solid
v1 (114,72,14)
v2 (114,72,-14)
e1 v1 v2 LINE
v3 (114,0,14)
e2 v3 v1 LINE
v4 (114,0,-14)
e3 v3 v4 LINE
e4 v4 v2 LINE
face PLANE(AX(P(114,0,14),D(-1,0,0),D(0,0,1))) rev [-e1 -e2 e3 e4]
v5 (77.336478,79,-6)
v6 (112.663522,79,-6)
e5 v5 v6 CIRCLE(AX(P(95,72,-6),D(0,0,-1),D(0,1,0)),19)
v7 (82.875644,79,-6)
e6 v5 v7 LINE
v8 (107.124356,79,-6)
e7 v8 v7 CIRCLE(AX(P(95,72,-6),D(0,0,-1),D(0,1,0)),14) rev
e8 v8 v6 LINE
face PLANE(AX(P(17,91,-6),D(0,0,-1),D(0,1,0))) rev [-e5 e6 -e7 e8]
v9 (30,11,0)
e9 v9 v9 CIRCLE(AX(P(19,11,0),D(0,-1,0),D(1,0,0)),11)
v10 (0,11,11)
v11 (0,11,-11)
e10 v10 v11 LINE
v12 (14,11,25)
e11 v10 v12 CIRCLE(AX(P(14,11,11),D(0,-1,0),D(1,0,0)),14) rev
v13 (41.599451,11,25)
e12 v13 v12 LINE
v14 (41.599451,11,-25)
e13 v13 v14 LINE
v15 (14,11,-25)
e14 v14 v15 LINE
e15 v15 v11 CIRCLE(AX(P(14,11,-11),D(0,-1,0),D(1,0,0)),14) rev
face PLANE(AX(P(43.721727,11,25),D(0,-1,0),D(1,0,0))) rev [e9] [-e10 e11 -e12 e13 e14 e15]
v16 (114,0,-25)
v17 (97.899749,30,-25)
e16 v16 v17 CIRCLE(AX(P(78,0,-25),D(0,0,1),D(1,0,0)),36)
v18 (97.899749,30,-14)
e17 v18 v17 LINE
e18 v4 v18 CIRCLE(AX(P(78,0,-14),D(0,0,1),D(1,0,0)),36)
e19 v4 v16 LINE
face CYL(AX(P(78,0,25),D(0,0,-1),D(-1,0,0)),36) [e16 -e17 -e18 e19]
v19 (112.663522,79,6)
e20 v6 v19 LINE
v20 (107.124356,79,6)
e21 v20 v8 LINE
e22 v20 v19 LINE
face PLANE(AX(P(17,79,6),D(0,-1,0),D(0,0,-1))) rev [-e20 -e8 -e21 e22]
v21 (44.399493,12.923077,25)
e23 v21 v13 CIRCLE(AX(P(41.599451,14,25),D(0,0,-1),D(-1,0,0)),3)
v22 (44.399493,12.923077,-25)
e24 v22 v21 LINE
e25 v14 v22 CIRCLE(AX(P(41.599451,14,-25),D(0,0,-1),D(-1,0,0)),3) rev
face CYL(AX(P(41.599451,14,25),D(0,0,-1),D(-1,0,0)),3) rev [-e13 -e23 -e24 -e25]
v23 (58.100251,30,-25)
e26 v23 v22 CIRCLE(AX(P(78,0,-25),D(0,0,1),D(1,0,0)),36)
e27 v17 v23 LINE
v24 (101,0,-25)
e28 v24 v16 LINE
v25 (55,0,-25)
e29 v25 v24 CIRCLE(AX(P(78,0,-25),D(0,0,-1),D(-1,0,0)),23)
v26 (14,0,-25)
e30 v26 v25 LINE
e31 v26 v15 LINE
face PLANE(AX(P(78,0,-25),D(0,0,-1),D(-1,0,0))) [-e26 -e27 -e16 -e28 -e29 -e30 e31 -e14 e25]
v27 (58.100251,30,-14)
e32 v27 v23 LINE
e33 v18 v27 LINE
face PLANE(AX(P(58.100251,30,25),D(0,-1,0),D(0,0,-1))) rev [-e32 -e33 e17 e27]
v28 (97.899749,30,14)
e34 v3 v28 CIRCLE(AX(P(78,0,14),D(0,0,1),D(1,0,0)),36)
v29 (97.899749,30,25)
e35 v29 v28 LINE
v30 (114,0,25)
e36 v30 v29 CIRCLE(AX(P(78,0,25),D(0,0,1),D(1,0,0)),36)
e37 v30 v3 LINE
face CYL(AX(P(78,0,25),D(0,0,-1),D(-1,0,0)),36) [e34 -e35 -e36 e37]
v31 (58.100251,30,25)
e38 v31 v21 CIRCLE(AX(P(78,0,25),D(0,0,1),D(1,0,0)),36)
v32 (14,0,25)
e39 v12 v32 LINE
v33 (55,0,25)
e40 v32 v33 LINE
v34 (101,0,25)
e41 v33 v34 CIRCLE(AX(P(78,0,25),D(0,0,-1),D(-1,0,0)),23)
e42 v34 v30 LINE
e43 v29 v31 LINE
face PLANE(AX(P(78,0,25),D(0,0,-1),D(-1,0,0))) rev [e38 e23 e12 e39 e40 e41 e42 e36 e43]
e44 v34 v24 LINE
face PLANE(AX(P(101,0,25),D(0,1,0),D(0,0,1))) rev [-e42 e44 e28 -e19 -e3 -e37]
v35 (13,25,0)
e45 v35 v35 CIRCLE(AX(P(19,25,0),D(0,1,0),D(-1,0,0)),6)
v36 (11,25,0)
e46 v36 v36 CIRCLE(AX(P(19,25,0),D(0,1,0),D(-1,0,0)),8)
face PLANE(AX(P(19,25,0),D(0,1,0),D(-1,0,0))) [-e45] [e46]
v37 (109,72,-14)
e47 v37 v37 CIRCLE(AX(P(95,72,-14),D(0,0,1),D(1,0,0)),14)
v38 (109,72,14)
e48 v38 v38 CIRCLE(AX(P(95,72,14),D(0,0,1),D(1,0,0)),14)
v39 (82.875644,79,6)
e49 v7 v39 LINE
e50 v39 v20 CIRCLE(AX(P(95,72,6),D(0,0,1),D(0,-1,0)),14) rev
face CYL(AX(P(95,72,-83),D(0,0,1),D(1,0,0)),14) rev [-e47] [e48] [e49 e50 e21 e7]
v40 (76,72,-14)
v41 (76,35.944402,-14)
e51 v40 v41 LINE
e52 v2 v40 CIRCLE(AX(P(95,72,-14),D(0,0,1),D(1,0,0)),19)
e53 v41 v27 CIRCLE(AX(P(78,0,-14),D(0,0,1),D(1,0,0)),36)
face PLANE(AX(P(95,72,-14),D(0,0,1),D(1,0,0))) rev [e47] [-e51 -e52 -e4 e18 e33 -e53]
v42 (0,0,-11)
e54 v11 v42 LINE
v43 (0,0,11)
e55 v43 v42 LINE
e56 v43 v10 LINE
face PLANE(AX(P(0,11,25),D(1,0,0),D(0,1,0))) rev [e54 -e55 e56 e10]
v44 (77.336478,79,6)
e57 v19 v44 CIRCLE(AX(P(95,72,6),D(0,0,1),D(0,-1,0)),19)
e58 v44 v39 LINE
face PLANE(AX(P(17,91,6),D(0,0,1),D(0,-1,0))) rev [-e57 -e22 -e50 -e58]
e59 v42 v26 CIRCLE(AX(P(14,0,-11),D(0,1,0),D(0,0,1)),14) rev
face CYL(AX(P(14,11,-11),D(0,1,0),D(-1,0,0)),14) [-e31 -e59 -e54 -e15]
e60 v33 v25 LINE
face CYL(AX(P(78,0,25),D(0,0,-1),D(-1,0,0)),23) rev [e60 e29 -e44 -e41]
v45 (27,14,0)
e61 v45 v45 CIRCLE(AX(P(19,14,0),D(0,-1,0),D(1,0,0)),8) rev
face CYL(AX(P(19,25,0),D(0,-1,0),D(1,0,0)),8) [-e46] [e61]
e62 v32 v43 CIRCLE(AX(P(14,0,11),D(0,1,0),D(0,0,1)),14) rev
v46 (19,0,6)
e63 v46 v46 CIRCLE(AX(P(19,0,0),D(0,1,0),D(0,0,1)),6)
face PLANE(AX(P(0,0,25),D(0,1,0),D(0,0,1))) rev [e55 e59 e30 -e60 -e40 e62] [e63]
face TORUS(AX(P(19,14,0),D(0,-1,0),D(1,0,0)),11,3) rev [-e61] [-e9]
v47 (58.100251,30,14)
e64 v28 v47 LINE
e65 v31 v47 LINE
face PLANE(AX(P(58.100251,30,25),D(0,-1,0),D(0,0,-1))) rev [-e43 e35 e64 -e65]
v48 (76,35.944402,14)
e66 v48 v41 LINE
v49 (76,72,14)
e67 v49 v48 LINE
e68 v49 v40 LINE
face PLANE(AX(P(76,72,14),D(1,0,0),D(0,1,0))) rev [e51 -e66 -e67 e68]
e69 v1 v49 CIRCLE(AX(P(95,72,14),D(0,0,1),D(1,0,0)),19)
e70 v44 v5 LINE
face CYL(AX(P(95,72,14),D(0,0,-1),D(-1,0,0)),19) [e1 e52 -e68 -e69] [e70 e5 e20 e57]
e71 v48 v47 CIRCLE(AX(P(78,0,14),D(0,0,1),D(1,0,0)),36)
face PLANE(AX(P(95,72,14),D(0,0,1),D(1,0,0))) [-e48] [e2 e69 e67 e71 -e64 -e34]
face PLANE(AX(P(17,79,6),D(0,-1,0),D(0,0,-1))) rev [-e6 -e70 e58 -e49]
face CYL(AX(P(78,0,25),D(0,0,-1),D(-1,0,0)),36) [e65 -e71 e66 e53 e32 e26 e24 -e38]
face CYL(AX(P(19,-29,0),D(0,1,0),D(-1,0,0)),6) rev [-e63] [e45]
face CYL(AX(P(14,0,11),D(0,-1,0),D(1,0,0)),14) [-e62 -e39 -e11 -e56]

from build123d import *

# Parameters (mm, degrees)
BOSS_EXTRUDE3_DEPTH = 25
BOSS_EXTRUDE4_DEPTH = 14
SKETCH9_R           = 14
CUT_EXTRUDE5_DEPTH  = 97
SKETCH10_W          = 12
SKETCH10_H          = 12
CUT_EXTRUDE6_DEPTH  = 97
SKETCH11_R          = 8
BOSS_EXTRUDE5_DEPTH = 14
FILLET3_R           = 14
SKETCH12_R          = 6
CUT_EXTRUDE8_DEPTH  = 54
FILLET4_R           = 3


with BuildPart() as part:
    # Sketch2 → Boss-Extrude3 (new body, symmetric)
    with BuildSketch(Plane.XY):
        with BuildLine():
            Line((0, 0), (55, 0))
            ThreePointArc((55, 0), (78, 23), (101, 0))
            Line((101, 0), (114, 0))
            ThreePointArc((114, 0), (109.720584442, 17.023645986), (97.899748742, 30))
            Line((97.899748742, 30), (58.100251258, 30))
            ThreePointArc((58.100251258, 30), (49.293476177, 21.724076274), (43.721726998, 11))
            Line((43.721726998, 11), (0, 11))
            Line((0, 11), (0, 0))
        make_face()
    extrude(amount=BOSS_EXTRUDE3_DEPTH, both=True)

    # Sketch7 → Boss-Extrude4 (add, symmetric)
    with BuildSketch(Plane.XY):
        with BuildLine():
            Line((114, 0), (114, 72))
            ThreePointArc((114, 72), (95, 91), (76, 72))
            Line((76, 72), (76, 35.944401511))
            ThreePointArc((76, 35.944401511), (66.65391142, 34.165278777), (58.100251258, 30))
            Line((58.100251258, 30), (97.899748742, 30))
            ThreePointArc((97.899748742, 30), (109.720584442, 17.023645986), (114, 0))
        make_face()
    extrude(amount=BOSS_EXTRUDE4_DEPTH, both=True)

    # Sketch9 → Cut-Extrude5 (cut)
    with BuildSketch(Plane.XY.offset(14)):
        with Locations((95, 72)):
            Circle(SKETCH9_R)
    extrude(amount=-CUT_EXTRUDE5_DEPTH, mode=Mode.SUBTRACT)

    # Sketch10 → Cut-Extrude6 (cut)
    with BuildSketch(Plane(origin=(114, 0, 0), x_dir=(0, 0, -1), z_dir=(1, 0, 0))):
        with Locations((0, 85)):
            Rectangle(SKETCH10_W, SKETCH10_H)
    extrude(amount=-CUT_EXTRUDE6_DEPTH, mode=Mode.SUBTRACT)

    # Sketch11 → Boss-Extrude5 (add)
    with BuildSketch(Plane(origin=(0, 11, 0), x_dir=(1, 0, 0), z_dir=(0, 1, 0))):
        with Locations((19, 0)):
            Circle(SKETCH11_R)
    extrude(amount=BOSS_EXTRUDE5_DEPTH)

    # Fillet3
    fillet3_edges = [part.edges().sort_by_distance(p)[0] for p in [
        (0, 5.5, -25),
        (0, 5.5, 25),
    ]]
    fillet(fillet3_edges, radius=FILLET3_R)

    # Sketch12 → Cut-Extrude8 (cut)
    with BuildSketch(Plane(origin=(0, 25, 0), x_dir=(1, 0, 0), z_dir=(0, 1, 0))):
        with Locations((19, 0)):
            Circle(SKETCH12_R)
    extrude(amount=-CUT_EXTRUDE8_DEPTH, mode=Mode.SUBTRACT)

    # Fillet4
    fillet4_edges = [part.edges().sort_by_distance(p)[0] for p in [
        (43.721726998, 11, 0),
        (11, 11, 0),
    ]]
    fillet(fillet4_edges, radius=FILLET4_R)


solid = part.part
